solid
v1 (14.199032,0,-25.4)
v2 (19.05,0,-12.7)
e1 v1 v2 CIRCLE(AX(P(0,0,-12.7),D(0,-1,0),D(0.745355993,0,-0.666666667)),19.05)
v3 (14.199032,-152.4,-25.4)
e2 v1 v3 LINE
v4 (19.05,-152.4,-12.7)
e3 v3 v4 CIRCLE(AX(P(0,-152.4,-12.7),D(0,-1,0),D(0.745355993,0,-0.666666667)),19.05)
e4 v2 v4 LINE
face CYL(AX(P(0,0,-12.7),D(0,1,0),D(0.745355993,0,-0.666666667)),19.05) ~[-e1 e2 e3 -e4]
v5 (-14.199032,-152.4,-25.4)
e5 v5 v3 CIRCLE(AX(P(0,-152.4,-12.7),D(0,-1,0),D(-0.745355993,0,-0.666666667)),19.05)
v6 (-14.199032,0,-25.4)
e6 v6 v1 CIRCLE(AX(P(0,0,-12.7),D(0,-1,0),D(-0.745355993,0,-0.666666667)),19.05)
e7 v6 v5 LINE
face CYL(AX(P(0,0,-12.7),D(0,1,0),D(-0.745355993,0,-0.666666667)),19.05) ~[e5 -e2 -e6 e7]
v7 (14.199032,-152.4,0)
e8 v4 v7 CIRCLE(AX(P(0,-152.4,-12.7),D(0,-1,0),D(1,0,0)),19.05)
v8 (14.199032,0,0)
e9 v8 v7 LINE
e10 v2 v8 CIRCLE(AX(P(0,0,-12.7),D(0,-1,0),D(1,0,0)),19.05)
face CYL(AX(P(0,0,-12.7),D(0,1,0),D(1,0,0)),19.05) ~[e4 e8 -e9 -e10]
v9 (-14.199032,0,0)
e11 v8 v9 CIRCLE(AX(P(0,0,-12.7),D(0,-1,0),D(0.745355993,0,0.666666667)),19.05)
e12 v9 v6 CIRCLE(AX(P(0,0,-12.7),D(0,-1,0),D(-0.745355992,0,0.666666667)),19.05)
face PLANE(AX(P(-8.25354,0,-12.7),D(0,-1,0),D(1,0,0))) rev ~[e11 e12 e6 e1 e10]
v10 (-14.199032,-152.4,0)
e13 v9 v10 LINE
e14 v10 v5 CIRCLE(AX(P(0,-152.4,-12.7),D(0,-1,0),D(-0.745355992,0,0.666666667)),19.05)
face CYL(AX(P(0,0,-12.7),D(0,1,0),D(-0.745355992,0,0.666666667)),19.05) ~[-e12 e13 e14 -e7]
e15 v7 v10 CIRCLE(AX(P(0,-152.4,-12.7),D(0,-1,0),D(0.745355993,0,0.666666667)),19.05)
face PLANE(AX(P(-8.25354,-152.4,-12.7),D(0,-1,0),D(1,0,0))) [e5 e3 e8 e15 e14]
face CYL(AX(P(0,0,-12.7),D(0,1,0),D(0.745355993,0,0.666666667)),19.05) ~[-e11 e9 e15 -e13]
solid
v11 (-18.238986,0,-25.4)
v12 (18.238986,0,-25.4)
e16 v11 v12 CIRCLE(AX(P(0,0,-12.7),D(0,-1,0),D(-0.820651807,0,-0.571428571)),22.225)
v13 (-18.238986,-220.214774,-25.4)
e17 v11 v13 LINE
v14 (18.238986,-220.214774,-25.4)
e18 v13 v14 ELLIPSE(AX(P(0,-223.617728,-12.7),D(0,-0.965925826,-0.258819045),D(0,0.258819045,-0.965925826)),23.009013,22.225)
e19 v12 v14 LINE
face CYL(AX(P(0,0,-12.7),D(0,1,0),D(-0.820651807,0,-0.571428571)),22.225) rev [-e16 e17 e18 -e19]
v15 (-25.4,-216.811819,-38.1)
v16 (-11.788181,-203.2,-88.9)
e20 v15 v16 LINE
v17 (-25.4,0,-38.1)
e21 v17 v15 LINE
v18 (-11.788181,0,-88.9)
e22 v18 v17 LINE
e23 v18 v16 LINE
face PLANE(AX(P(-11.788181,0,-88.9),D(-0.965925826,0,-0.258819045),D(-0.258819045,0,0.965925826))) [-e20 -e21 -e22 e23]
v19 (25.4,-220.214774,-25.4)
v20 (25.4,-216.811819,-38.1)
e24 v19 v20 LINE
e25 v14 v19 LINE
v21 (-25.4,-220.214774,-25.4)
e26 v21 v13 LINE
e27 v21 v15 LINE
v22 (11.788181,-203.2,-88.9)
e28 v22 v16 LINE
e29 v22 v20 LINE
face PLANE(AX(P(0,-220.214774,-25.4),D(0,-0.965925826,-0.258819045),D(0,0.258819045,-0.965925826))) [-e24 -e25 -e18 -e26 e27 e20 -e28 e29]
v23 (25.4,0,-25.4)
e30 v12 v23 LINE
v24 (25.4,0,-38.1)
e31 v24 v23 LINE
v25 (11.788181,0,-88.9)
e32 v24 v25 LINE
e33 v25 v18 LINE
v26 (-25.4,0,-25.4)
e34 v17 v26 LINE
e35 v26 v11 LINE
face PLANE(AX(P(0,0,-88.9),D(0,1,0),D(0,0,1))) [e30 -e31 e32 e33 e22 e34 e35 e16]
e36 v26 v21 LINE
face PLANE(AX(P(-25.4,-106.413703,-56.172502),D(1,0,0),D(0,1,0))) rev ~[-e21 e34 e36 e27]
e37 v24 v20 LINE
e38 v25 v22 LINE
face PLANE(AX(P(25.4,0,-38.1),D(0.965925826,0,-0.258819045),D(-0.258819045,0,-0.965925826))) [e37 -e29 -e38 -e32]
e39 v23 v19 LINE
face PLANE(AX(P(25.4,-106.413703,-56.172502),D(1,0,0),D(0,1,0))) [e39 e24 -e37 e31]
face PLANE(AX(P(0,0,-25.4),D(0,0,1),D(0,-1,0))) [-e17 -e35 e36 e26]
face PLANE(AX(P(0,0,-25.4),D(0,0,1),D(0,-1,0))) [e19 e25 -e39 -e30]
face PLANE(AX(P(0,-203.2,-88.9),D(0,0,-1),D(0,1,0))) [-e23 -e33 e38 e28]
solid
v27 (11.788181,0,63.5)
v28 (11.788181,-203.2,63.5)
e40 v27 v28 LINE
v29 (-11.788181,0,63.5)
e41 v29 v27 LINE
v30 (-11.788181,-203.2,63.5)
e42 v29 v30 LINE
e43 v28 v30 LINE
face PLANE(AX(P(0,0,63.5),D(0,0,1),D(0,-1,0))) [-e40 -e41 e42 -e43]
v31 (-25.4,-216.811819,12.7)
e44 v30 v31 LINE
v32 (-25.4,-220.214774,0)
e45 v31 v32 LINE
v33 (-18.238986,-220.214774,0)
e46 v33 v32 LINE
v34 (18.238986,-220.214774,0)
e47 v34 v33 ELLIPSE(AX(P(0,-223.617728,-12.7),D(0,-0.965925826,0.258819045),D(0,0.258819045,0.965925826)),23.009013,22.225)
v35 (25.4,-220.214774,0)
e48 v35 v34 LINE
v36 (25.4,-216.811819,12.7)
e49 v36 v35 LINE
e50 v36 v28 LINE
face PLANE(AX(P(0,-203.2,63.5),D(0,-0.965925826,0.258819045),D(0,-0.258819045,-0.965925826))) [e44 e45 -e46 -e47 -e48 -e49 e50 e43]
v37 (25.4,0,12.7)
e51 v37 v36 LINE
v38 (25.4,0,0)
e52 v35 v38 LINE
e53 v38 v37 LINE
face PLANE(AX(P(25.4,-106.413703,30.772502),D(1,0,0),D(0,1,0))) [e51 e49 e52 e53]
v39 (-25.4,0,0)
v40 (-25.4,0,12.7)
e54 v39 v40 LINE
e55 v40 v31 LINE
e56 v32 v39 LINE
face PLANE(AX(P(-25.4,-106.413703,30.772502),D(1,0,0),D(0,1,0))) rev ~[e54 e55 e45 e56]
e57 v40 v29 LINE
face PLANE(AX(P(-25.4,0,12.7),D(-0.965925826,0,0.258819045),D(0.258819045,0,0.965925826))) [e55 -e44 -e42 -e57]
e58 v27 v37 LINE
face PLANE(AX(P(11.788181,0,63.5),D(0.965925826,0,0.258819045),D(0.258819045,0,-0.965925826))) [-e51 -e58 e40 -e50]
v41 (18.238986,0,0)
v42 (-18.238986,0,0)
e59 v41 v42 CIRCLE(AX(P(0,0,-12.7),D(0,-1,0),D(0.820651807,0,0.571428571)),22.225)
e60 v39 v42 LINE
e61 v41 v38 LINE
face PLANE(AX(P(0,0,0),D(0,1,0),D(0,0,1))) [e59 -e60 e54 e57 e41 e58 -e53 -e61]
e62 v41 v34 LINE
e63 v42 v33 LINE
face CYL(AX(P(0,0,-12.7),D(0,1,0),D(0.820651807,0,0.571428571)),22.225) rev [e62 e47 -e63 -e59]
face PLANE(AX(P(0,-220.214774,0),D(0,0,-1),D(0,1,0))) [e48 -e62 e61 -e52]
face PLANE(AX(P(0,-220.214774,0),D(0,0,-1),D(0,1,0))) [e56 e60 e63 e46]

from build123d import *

# Parameters (mm, degrees)
F1_DEPTH  = 25.4
F1_FACE_W = 50.8
F1_FACE_H = 65.740037456
F3_DEPTH  = 220.2157737194
F5_DEPTH  = 220.2157737194
F6_DEPTH  = 152.4


with BuildPart() as f1:
    # F0 (on Right) → F1 (new body, symmetric)
    with BuildSketch(Plane.YZ):
        Polygon((-220.2147737194, 0), (0, 0), (0, 63.5), (-203.2, 63.5), align=None)
    extrude(amount=F1_DEPTH, both=True)


with BuildPart() as f1b:
    # F0 (on Right) → F1, piece 2 (new body, symmetric)
    with BuildSketch(Plane.YZ):
        Polygon((0, -88.9), (0, -25.4), (-220.2147737194, -25.4), (-203.2, -88.9), align=None)
    extrude(amount=F1_DEPTH, both=True)


with BuildPart() as f3_tool:
    # F2 (on Front) + F1_face (on face) → F3 (new body, through all)
    with BuildSketch(Plane.XZ):
        with BuildLine():
            Line((0, -25.4), (0, 0))
            Line((0, 0), (-14.1990316571, 0))
            ThreePointArc((-14.1990316571, 0), (-19.05, -12.7), (-14.1990316571, -25.4))
            Line((-14.1990316571, -25.4), (0, -25.4))
        make_face()
        with BuildLine():
            ThreePointArc((19.05, -12.7), (17.7959834382, -5.9025391898), (14.1990316571, 0))
            Line((14.1990316571, 0), (0, 0))
            Line((0, 0), (0, -25.4))
            Line((0, -25.4), (14.1990316571, -25.4))
            ThreePointArc((14.1990316571, -25.4), (17.7959834382, -19.4974608102), (19.05, -12.7))
        make_face()
        with BuildLine():
            Line((14.1990316571, -25.4), (0, -25.4))
            Line((0, -25.4), (-14.1990316571, -25.4))
            ThreePointArc((-14.1990316571, -25.4), (0, -31.75), (14.1990316571, -25.4))
        make_face()
        with BuildLine():
            Line((0, 0), (14.1990316571, 0))
            ThreePointArc((14.1990316571, 0), (0, 6.35), (-14.1990316571, 0))
            Line((-14.1990316571, 0), (0, 0))
        make_face()
        with BuildLine():
            ThreePointArc((22.225, -12.7), (21.2050948807, -6.0445829508), (18.2389864028, 0))
            Line((18.2389864028, 0), (14.1990316571, 0))
            ThreePointArc((14.1990316571, 0), (17.7959834382, -5.9025391898), (19.05, -12.7))
            ThreePointArc((19.05, -12.7), (17.7959834382, -19.4974608102), (14.1990316571, -25.4))
            Line((14.1990316571, -25.4), (18.2389864028, -25.4))
            ThreePointArc((18.2389864028, -25.4), (21.2050948807, -19.3554170492), (22.225, -12.7))
        make_face()
        with BuildLine():
            Line((-14.1990316571, 0), (-18.2389864028, 0))
            ThreePointArc((-18.2389864028, 0), (-22.225, -12.7), (-18.2389864028, -25.4))
            Line((-18.2389864028, -25.4), (-14.1990316571, -25.4))
            ThreePointArc((-14.1990316571, -25.4), (-19.05, -12.7), (-14.1990316571, 0))
        make_face()
        with BuildLine():
            Line((14.1990316571, 0), (18.2389864028, 0))
            ThreePointArc((18.2389864028, 0), (0, 9.525), (-18.2389864028, 0))
            Line((-18.2389864028, 0), (-14.1990316571, 0))
            ThreePointArc((-14.1990316571, 0), (0, 6.35), (14.1990316571, 0))
        make_face()
        with BuildLine():
            ThreePointArc((-18.2389864028, -25.4), (0, -34.925), (18.2389864028, -25.4))
            Line((18.2389864028, -25.4), (14.1990316571, -25.4))
            ThreePointArc((14.1990316571, -25.4), (0, -31.75), (-14.1990316571, -25.4))
            Line((-14.1990316571, -25.4), (-18.2389864028, -25.4))
        make_face()
    with BuildSketch(Plane(origin=(0, -211.7073868597, 31.75), x_dir=(1, 0, 0), z_dir=(0, -0.9659258263, 0.2588190451))):
        Rectangle(F1_FACE_W, F1_FACE_H)
    extrude(amount=F3_DEPTH, dir=(0, -1, 0))


with BuildPart() as f1_1:
    add(f1.part)

    # F3: cut by f3_tool
    add(f3_tool.part, mode=Mode.SUBTRACT)


with BuildPart() as f1b_1:
    add(f1b.part)

    # F3: cut by f3_tool
    add(f3_tool.part, mode=Mode.SUBTRACT)


with BuildPart() as f5_tool:
    # F4 (on Front) → F5 (new body, through all)
    with BuildSketch(Plane.XZ):
        Polygon((-25.4, -88.9), (-11.7881810245, -88.9), (-25.4, -38.1), align=None)
        Polygon((25.4, -88.9), (25.4, -38.1), (11.7881810245, -88.9), align=None)
        Polygon((25.4, 12.7), (25.4, 63.5), (11.7881810245, 63.5), align=None)
        Polygon((-25.4, 12.7), (-11.7881810245, 63.5), (-25.4, 63.5), align=None)
    extrude(amount=F5_DEPTH)


with BuildPart() as f1_2:
    add(f1_1.part)

    # F5: cut by f5_tool
    add(f5_tool.part, mode=Mode.SUBTRACT)


with BuildPart() as f1b_2:
    add(f1b_1.part)

    # F5: cut by f5_tool
    add(f5_tool.part, mode=Mode.SUBTRACT)


with BuildPart() as f6:
    # F2 (on Front) → F6 (new body)
    with BuildSketch(Plane.XZ):
        with BuildLine():
            Line((0, -25.4), (0, 0))
            Line((0, 0), (-14.1990316571, 0))
            ThreePointArc((-14.1990316571, 0), (-19.05, -12.7), (-14.1990316571, -25.4))
            Line((-14.1990316571, -25.4), (0, -25.4))
        make_face()
        with BuildLine():
            ThreePointArc((19.05, -12.7), (17.7959834382, -5.9025391898), (14.1990316571, 0))
            Line((14.1990316571, 0), (0, 0))
            Line((0, 0), (0, -25.4))
            Line((0, -25.4), (14.1990316571, -25.4))
            ThreePointArc((14.1990316571, -25.4), (17.7959834382, -19.4974608102), (19.05, -12.7))
        make_face()
        with BuildLine():
            Line((0, 0), (14.1990316571, 0))
            ThreePointArc((14.1990316571, 0), (0, 6.35), (-14.1990316571, 0))
            Line((-14.1990316571, 0), (0, 0))
        make_face()
        with BuildLine():
            Line((14.1990316571, -25.4), (0, -25.4))
            Line((0, -25.4), (-14.1990316571, -25.4))
            ThreePointArc((-14.1990316571, -25.4), (0, -31.75), (14.1990316571, -25.4))
        make_face()
    extrude(amount=F6_DEPTH)


solid = Compound([f1_2.part, f1b_2.part, f6.part])
